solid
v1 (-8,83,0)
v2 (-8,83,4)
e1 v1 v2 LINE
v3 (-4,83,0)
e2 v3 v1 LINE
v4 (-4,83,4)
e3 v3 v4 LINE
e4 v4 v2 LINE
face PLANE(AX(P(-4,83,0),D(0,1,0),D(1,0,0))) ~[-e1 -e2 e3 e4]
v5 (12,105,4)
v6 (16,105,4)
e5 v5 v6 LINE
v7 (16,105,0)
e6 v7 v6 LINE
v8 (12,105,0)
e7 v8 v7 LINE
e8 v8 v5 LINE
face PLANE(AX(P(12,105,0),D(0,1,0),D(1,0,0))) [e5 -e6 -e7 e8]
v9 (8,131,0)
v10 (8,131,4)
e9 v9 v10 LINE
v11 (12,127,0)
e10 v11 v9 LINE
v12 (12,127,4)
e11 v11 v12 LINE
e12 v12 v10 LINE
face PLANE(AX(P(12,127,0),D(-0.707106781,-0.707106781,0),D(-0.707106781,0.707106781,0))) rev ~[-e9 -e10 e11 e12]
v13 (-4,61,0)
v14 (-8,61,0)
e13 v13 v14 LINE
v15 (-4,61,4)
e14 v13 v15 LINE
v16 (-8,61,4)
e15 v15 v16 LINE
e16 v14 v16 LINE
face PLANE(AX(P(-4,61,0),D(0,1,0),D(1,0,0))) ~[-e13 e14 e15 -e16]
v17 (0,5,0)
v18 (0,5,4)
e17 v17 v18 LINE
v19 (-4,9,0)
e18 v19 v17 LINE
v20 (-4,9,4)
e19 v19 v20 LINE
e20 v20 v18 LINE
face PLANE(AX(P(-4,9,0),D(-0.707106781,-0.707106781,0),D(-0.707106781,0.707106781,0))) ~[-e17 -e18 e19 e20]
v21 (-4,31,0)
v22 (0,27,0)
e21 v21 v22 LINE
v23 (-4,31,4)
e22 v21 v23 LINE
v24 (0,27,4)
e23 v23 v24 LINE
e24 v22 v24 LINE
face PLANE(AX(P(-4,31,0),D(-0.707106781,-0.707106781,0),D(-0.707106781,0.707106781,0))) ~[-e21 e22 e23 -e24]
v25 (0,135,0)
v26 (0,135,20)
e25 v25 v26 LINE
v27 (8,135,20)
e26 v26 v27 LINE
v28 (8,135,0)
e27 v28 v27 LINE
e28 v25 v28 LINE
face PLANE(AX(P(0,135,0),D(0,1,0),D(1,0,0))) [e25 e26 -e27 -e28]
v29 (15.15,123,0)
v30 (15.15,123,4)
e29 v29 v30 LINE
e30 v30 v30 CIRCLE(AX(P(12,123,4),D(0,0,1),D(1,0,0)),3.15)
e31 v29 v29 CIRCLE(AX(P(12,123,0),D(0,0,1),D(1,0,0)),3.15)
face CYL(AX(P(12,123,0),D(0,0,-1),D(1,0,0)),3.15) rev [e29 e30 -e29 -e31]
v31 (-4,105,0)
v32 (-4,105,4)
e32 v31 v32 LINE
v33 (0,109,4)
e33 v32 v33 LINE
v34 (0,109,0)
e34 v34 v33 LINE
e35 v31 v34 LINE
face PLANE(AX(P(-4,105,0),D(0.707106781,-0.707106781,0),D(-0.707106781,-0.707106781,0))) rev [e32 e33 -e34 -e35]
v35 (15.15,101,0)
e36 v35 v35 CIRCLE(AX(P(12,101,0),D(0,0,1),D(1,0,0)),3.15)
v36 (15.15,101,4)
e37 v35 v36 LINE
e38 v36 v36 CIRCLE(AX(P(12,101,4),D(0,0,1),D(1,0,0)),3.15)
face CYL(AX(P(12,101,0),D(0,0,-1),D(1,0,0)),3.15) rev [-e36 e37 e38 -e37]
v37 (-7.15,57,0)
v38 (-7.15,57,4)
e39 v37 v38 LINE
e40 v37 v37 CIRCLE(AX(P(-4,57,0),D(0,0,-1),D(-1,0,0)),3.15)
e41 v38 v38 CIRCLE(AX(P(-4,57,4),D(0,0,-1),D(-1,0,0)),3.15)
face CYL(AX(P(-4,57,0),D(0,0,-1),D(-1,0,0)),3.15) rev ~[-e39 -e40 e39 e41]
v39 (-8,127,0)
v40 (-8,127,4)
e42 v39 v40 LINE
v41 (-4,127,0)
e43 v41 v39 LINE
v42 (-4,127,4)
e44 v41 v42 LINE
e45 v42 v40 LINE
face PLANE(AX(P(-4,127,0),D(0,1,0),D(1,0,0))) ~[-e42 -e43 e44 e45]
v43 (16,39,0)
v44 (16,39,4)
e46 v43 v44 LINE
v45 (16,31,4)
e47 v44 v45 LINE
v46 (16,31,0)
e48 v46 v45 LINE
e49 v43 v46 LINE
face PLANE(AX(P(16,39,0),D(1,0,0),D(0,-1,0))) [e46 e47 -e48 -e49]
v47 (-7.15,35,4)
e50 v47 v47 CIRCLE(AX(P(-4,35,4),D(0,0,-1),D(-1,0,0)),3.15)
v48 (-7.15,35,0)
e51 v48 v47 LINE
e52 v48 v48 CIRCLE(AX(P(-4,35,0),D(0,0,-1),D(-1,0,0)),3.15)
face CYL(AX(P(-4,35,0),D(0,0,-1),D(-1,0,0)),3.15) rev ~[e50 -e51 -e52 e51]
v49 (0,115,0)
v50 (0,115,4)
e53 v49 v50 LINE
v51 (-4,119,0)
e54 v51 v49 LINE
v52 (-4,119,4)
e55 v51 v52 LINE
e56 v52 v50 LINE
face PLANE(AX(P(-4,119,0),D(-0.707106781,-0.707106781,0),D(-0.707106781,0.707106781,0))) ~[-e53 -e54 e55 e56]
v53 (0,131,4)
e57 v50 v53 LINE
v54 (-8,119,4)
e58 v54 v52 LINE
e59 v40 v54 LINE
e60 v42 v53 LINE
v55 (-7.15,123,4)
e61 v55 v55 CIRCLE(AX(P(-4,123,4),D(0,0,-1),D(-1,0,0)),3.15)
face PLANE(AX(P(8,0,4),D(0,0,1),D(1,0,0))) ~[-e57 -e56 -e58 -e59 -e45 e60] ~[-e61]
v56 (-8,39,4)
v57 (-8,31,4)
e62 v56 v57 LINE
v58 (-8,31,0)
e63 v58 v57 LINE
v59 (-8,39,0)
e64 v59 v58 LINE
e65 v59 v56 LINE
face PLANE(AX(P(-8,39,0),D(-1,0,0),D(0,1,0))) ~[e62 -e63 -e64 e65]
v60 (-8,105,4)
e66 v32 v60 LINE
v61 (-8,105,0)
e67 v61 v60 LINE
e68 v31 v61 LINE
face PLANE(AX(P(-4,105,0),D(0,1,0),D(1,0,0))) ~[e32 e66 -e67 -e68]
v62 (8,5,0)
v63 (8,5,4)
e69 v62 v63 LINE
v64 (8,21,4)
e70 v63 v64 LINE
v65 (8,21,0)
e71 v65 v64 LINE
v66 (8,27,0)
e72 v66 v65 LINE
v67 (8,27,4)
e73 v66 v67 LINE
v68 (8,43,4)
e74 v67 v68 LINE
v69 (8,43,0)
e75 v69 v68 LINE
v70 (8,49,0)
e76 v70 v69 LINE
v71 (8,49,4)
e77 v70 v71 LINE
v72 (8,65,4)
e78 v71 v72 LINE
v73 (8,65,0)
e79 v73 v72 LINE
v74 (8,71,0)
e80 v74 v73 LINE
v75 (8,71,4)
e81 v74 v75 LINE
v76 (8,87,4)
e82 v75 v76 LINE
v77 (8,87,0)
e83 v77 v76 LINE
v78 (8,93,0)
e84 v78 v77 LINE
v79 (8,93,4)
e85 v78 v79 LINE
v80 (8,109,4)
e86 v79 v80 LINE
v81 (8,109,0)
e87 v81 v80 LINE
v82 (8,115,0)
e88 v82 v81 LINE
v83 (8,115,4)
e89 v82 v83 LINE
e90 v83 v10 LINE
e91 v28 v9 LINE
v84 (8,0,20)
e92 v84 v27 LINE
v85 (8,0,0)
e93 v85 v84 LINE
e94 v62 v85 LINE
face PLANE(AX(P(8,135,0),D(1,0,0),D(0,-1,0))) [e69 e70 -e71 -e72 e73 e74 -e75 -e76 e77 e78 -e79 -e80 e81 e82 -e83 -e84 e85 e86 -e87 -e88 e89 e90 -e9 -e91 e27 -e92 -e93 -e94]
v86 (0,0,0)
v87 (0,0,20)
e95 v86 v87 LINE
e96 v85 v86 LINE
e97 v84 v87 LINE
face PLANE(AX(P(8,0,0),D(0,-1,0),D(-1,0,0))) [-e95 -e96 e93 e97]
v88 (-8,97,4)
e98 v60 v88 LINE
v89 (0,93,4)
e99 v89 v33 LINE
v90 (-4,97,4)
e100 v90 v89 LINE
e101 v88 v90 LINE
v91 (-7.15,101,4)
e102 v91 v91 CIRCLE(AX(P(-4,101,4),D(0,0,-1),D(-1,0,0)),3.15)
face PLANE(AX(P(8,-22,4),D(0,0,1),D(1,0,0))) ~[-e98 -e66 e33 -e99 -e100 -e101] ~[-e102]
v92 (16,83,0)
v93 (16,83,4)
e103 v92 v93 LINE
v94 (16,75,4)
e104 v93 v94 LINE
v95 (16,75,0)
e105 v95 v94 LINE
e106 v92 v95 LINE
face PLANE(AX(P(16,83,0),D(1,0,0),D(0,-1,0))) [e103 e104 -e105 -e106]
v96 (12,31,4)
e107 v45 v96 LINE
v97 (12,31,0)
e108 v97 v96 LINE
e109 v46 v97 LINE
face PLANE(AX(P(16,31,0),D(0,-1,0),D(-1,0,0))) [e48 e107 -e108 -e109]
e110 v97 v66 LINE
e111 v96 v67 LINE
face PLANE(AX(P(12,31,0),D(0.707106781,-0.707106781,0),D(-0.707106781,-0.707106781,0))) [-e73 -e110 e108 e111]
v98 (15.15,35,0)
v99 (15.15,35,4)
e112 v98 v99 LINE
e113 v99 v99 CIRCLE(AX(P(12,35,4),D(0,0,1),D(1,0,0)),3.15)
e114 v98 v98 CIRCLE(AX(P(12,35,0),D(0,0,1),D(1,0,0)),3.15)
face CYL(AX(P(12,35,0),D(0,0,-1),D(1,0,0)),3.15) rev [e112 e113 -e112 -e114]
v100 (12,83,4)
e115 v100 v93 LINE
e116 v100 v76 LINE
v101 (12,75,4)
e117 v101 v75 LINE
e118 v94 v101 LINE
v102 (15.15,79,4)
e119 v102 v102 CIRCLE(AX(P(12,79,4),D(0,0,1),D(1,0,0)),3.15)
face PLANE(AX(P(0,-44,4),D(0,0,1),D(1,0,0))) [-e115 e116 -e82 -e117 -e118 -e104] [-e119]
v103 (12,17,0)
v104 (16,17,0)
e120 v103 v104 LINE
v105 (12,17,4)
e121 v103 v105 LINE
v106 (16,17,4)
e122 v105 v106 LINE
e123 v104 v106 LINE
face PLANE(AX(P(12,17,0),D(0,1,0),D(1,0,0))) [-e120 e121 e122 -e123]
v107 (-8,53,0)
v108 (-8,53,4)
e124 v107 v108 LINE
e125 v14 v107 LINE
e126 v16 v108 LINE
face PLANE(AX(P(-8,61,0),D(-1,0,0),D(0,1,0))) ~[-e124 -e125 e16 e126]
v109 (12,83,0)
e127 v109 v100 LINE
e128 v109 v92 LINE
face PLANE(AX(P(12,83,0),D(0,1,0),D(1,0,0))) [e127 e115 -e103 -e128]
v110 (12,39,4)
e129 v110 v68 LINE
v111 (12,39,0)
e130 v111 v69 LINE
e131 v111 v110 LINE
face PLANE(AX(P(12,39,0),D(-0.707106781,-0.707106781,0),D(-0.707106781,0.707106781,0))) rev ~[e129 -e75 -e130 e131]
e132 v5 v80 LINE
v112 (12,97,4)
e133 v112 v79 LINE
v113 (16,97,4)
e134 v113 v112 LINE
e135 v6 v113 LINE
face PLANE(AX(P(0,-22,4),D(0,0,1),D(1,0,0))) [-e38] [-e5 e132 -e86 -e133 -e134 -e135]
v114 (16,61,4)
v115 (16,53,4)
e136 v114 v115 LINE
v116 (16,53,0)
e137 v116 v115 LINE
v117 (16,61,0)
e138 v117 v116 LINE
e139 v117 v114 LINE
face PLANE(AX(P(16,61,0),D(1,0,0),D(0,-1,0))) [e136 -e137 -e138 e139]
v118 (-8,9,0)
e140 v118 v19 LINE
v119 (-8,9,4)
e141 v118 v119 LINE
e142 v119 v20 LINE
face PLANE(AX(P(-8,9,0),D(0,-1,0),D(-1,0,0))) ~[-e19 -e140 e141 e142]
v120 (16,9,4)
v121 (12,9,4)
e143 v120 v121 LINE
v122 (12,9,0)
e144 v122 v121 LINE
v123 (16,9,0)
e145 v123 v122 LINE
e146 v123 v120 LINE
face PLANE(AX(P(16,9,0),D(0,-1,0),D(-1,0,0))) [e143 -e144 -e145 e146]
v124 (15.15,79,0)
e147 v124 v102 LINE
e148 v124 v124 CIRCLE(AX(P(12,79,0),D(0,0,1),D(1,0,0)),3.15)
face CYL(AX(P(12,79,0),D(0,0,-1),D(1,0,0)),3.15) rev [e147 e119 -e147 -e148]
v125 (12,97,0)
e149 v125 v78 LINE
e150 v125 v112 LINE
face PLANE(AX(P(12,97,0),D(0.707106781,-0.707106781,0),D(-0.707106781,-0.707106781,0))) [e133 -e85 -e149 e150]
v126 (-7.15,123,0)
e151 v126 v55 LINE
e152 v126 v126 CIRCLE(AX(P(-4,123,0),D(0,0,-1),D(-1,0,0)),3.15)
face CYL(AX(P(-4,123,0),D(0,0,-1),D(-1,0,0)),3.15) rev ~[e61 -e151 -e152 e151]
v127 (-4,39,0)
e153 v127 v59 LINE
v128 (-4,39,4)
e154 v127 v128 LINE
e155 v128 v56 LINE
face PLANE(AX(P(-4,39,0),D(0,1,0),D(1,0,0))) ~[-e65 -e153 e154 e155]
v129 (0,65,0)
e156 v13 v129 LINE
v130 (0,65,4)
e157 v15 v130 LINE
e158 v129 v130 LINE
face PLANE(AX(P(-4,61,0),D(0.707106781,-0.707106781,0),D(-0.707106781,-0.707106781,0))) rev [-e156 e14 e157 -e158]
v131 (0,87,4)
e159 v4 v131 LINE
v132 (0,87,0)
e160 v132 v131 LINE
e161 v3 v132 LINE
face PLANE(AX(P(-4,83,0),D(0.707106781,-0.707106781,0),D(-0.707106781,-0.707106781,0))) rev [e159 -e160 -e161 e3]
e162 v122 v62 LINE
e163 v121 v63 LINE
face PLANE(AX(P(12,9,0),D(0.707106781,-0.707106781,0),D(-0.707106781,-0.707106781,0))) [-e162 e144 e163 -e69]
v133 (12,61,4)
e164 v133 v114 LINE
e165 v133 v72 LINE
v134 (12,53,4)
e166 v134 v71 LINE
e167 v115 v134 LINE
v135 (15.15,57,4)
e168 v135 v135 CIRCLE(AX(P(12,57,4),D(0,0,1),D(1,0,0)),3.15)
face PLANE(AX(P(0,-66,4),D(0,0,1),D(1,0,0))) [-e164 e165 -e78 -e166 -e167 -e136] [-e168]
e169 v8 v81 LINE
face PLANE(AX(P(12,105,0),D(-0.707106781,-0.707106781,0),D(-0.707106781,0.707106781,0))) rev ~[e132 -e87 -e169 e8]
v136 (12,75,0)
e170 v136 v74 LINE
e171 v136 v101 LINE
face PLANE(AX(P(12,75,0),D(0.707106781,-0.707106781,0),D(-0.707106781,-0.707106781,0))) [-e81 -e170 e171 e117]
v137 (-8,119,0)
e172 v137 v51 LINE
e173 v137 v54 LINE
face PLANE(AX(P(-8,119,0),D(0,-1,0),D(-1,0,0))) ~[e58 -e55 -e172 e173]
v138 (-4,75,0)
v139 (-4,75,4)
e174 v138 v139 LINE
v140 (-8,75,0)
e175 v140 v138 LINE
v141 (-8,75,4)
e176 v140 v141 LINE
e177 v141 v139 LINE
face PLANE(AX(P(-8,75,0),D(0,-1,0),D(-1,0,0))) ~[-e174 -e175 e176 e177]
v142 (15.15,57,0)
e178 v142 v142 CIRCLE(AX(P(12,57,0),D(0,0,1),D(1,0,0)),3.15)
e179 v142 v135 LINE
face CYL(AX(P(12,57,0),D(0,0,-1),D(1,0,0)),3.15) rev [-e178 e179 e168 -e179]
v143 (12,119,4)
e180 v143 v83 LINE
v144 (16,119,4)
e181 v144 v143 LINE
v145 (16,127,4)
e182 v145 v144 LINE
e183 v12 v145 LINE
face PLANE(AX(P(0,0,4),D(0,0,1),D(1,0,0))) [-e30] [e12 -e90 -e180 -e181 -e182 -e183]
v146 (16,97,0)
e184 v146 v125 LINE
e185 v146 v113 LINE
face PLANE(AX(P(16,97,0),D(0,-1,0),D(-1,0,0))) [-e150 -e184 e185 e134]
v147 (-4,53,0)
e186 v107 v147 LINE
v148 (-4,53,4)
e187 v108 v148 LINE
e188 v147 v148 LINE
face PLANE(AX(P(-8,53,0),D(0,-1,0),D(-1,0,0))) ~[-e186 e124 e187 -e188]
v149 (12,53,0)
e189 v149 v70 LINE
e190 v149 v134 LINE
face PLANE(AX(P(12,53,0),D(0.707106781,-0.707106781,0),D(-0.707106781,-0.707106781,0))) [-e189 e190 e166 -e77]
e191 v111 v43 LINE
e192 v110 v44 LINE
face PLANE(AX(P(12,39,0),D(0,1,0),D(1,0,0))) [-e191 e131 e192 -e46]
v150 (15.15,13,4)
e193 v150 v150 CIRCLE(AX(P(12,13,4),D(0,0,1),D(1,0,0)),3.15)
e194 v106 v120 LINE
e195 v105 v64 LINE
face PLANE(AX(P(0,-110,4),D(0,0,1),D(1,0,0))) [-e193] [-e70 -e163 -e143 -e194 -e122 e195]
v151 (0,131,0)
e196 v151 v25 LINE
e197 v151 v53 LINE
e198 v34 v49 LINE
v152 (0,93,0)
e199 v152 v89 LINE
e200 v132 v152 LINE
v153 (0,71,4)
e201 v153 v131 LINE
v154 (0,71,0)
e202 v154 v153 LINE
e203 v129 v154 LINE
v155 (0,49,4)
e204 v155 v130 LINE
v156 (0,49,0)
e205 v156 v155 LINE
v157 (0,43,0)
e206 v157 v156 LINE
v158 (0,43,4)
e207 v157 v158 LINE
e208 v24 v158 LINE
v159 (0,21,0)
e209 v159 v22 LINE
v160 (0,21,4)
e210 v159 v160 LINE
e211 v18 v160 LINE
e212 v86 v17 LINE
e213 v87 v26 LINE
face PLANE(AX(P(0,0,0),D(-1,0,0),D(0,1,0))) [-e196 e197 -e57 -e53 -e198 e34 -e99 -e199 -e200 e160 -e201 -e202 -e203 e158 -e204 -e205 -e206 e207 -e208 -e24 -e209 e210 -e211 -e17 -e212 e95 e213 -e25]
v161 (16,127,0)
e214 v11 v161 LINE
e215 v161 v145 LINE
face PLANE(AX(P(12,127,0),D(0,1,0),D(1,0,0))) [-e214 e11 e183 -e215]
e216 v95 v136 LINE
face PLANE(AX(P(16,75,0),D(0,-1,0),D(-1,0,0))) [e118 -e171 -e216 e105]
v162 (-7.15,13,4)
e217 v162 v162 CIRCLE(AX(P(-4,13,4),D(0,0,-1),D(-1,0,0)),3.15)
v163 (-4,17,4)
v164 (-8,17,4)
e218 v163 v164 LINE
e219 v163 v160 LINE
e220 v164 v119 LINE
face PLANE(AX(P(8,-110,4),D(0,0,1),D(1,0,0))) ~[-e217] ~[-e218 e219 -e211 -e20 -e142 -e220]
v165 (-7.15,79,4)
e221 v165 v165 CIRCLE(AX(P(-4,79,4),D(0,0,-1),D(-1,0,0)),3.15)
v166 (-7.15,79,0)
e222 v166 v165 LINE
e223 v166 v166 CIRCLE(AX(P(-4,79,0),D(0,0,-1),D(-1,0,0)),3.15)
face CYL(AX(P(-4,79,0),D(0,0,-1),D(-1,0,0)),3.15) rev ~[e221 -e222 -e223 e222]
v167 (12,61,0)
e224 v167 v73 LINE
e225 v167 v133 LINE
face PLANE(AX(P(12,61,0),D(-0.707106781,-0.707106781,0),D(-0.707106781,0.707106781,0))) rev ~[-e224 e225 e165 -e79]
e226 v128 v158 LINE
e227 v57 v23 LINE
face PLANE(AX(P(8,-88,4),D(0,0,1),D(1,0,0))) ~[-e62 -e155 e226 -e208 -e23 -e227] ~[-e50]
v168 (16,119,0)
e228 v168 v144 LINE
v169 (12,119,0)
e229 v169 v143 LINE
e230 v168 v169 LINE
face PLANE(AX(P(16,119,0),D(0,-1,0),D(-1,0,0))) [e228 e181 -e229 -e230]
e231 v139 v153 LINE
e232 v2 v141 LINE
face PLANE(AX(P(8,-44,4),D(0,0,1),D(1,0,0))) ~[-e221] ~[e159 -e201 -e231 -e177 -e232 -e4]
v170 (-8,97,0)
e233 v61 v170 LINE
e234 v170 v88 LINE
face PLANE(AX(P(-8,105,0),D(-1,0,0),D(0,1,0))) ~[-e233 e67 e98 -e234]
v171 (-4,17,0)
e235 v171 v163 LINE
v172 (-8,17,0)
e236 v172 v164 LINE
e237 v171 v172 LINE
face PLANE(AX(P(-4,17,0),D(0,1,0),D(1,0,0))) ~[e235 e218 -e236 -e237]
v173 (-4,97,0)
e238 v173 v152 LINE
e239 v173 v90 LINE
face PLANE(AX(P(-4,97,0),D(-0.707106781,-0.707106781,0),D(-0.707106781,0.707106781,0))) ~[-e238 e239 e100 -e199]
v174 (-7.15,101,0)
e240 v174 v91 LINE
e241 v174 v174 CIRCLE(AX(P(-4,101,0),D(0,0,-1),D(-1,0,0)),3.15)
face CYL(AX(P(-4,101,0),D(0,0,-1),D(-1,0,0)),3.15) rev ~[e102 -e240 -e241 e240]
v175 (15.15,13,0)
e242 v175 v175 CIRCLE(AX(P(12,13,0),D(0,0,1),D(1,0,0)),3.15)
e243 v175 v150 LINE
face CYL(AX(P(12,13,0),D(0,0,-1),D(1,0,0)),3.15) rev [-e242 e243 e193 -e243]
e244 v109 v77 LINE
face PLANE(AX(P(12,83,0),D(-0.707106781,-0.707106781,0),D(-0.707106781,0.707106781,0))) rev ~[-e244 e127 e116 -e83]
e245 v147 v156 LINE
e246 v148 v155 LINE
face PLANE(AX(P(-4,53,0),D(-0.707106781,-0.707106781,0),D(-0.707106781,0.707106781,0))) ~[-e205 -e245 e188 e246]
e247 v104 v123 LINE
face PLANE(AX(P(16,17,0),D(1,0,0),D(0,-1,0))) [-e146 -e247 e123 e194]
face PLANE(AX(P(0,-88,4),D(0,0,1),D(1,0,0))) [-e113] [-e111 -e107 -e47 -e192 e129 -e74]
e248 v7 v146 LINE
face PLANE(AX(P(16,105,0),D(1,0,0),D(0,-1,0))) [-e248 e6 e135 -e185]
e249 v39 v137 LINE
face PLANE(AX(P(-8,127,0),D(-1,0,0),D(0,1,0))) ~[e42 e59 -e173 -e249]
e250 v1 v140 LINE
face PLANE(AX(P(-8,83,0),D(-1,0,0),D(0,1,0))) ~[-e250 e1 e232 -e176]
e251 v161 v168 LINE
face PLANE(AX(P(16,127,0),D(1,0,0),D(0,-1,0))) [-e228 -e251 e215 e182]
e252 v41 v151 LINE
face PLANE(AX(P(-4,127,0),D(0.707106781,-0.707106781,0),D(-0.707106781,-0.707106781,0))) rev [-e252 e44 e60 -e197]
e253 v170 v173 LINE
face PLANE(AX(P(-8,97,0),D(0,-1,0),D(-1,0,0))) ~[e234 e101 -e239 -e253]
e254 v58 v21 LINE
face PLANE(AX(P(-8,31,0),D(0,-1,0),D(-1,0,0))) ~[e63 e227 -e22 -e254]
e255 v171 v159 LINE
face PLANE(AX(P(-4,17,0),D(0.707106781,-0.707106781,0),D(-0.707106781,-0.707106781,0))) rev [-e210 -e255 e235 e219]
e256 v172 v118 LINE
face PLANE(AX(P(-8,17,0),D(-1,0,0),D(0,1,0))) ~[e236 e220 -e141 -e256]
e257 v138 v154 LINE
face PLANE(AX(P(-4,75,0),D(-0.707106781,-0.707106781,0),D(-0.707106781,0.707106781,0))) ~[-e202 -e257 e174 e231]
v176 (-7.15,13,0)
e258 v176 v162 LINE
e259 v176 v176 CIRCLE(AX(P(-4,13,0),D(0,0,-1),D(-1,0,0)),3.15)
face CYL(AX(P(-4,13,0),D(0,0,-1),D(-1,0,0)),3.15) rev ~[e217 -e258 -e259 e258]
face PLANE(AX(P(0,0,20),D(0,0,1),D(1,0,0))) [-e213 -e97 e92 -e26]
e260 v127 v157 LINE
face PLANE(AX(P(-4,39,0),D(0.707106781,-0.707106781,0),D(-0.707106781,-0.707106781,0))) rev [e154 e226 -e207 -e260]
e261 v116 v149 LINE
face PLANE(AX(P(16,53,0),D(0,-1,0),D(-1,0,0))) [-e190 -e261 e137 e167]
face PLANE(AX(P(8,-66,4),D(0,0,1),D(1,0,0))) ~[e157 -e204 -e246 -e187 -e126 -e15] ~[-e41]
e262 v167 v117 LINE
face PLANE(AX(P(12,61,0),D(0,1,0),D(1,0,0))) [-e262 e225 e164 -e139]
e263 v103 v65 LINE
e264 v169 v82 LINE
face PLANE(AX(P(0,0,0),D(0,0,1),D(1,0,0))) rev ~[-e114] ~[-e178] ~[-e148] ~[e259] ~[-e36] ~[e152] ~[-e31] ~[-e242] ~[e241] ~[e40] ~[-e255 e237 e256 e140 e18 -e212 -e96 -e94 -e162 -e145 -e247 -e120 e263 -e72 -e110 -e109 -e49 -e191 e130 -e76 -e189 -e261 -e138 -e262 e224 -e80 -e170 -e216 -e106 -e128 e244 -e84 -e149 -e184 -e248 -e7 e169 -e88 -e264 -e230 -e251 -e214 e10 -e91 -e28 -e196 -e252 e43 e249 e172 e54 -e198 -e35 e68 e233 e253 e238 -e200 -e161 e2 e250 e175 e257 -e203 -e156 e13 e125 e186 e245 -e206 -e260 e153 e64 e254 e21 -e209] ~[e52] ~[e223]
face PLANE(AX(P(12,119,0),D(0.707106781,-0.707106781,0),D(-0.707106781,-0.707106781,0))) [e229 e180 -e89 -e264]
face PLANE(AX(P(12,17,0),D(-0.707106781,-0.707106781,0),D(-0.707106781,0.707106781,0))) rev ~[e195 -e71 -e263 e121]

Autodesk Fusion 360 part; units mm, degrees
sketch "Sketch1" plane through (0, 0, 0) normal (0, 0, 1) x (1, 0, 0)
  line L0 (0, 0) -> (0, 135)
  line L1 (0, 135) -> (8, 135)
  line L2 (8, 135) -> (8, 0)
  line L3 (8, 0) -> (0, 0)
  line L4 (8, 135) -> (8, 127) construction
  line L5 (8, 127) -> (16, 127)
  line L6 (16, 127) -> (16, 119)
  line L7 (16, 119) -> (8, 119)
  line L8 (8, 119) -> (8, 127)
  line L9 (4, 135) -> (4, 0) construction
  line L10 (12, 127) -> (8, 131)
  line L11 (12, 119) -> (8, 115)
  line L12 (12, 119) -> (12, 127) construction
  circle A0 centre (12, 123) radius 3.15
  line L13 (8, 131) -> (8, 115)
  dimension "d1" = 135
  dimension "d2" = 8
  dimension "d3" = 8
  dimension "d4" = 8
  dimension "d5" = 8
  dimension "d6" = 6.3
extrude "Extrude1" add sketch "Sketch1" along normal blind 20 contours L0 L1 L2 L3 L8 L13 makes body 1
extrude "Extrude2" add sketch "Sketch1" along normal blind 4 separate body contours L2 L7 L11 L13 | L2 L5 L10 L13 | L2 L5 L6 L7 L8 L13 makes body 2
pattern_linear "R-Pattern1" count 6 spacing 22 along (0, -1, 0) of bodies 2 makes body 3 at (15.1461, 100.843, 2.6667) makes body 4 at (15.1461, 78.843, 2.6667) makes body 5 at (8.8657, 56.6864, 2.6667) makes body 6 at (8.8657, 34.6864, 2.6667) makes body 7 at (15.1461, 12.843, 2.6667)
sketch "Sketch2" plane through (0, 0, 20) normal (0, 0, 1) x (-1, 0, 0)
  line L0 (-8, 0) -> (-8, -135)
  line L1 (-8, -135) -> (0, -135)
  line L2 (0, -135) -> (0, 0)
  line L3 (0, 0) -> (-8, 0)
  line L4 (-4, 0) -> (-4, -135)
ref_plane "WorkPlane1" through (4, 67.5, 10) normal (1, 0, 0) x (0, 1, 0)
mirror "Mirror1" about plane through (4, 67.5, 10) normal (1, 0, 0) of bodies 2 3 4 5 6 7 makes body 8 at (-7.1461, 122.843, 2.6667) makes body 9 at (-7.1461, 100.843, 2.6667) makes body 10 at (-7.1461, 78.843, 2.6667) makes body 11 at (-0.8657, 56.6864, 2.6667) makes body 12 at (-0.8657, 34.6864, 2.6667) makes body 13 at (-7.1461, 12.843, 2.6667)
combine "Combine1" operation add target body 1 tool bodies 8 9 10 11 12 13 6 7 5 4 3 2
